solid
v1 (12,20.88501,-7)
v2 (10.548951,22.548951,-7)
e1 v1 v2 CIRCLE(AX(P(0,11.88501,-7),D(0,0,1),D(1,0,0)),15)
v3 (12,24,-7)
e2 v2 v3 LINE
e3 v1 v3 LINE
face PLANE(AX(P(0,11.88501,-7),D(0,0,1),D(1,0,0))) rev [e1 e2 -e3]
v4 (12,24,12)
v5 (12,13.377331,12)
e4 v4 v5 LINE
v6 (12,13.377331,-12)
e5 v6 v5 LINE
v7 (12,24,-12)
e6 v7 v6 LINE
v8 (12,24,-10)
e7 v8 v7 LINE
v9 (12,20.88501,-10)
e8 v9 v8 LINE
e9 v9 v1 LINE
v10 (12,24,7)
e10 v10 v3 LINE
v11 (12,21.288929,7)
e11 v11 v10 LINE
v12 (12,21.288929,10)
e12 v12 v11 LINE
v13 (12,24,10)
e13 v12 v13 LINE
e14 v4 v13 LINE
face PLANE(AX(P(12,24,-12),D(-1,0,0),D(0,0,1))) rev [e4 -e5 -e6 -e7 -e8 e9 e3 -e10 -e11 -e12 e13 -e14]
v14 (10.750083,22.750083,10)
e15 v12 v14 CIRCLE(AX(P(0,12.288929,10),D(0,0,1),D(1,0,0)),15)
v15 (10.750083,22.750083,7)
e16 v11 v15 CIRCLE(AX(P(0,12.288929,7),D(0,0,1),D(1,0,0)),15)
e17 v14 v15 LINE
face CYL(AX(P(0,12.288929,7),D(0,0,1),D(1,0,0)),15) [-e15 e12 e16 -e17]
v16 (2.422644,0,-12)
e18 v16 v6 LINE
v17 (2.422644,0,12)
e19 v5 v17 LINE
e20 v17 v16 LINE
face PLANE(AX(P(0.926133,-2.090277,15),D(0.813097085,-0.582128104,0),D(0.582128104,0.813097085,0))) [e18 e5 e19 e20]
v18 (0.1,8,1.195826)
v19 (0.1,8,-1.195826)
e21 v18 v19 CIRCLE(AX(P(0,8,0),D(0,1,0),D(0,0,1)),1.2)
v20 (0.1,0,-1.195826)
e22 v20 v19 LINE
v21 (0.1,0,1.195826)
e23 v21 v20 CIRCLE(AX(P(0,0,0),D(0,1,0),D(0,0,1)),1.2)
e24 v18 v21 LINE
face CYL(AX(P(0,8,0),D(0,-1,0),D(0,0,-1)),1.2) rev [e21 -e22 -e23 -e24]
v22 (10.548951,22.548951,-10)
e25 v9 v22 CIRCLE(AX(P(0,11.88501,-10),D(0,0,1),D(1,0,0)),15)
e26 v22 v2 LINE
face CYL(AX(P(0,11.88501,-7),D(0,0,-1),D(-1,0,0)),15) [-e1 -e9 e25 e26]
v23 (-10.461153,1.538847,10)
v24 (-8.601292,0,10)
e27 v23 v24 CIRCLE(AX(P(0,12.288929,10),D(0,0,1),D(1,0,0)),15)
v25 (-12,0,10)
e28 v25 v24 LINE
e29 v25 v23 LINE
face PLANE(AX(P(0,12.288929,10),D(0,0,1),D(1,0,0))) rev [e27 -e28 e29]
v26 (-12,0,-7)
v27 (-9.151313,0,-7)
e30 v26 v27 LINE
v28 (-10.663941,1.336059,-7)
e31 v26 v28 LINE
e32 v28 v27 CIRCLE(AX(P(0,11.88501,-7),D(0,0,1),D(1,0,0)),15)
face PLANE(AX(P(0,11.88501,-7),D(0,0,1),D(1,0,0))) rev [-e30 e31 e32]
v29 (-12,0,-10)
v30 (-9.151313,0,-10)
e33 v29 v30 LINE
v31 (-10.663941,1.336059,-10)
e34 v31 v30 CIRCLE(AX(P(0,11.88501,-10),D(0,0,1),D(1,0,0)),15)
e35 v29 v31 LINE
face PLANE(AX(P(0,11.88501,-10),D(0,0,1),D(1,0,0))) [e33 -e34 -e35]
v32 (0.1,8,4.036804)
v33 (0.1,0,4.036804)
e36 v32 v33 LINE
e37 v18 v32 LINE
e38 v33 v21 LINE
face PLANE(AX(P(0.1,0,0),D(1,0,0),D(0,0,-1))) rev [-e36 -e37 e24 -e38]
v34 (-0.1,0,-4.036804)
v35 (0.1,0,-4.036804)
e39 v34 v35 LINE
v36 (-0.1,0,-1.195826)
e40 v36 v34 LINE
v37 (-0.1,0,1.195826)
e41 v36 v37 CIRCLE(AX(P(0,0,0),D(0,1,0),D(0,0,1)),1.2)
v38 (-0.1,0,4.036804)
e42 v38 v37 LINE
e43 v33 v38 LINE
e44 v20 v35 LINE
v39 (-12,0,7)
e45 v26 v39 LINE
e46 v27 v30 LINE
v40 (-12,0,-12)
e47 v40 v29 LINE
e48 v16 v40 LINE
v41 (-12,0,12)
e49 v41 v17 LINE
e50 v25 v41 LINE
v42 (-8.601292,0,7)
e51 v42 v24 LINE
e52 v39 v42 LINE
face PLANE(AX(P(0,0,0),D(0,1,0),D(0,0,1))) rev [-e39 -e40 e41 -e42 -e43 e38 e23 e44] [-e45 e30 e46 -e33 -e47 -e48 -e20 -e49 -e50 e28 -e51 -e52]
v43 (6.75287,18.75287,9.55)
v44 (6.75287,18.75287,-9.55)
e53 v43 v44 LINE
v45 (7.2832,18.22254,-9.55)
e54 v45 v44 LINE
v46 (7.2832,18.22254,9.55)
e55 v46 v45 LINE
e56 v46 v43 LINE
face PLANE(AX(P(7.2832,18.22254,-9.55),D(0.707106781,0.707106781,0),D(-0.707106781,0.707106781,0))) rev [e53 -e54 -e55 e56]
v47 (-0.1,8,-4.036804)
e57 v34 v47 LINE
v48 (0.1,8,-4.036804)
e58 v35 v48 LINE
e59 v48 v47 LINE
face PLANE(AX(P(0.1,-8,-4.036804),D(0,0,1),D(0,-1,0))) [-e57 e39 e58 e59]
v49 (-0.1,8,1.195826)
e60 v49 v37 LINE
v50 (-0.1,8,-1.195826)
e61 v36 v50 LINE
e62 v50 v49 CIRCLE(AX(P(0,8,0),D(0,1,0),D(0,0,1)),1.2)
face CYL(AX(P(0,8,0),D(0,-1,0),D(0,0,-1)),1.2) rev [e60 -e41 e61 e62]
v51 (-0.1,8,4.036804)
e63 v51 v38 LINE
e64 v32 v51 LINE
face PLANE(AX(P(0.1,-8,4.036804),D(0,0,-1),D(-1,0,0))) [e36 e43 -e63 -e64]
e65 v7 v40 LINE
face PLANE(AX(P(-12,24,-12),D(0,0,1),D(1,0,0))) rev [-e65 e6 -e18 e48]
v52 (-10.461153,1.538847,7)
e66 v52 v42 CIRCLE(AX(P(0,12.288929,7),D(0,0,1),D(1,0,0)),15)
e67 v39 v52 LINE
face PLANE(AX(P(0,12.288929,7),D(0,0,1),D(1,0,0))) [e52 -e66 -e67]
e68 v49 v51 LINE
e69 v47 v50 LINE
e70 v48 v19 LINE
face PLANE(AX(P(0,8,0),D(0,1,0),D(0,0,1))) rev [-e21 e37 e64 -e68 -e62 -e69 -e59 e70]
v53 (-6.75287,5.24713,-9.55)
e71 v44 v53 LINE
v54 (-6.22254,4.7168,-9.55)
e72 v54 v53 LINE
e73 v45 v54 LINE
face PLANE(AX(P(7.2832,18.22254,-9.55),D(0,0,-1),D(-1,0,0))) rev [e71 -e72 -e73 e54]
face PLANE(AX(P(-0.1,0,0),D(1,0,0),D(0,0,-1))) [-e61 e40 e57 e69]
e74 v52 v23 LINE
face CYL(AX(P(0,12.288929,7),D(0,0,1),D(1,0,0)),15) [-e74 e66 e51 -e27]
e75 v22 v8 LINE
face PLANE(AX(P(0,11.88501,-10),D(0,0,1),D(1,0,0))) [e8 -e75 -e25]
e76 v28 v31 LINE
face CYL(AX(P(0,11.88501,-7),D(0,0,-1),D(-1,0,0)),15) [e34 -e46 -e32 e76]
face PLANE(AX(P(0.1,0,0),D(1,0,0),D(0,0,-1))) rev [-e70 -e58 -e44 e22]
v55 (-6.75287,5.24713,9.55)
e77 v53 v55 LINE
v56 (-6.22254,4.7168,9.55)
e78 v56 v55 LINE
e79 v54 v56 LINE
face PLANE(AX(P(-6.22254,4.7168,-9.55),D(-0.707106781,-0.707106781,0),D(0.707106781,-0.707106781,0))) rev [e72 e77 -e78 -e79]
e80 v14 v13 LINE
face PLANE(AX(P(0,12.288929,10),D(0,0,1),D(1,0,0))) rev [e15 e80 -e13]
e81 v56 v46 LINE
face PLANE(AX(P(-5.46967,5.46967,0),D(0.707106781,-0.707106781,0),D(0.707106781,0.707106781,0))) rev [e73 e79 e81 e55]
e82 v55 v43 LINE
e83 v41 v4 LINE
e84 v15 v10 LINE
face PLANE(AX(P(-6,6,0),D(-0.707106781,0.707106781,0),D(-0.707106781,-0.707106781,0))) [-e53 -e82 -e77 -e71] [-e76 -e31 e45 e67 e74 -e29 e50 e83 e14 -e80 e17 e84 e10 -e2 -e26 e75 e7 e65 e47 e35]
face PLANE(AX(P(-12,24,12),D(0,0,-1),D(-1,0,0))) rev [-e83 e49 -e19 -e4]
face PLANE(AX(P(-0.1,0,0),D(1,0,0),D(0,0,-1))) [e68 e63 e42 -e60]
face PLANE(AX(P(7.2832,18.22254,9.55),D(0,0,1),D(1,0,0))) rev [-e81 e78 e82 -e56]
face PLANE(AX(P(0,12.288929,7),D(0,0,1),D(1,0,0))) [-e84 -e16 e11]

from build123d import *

# Parameters (mm, degrees)
SKETCH_1_W               = 24
SKETCH_1_H               = 24
EXTRUDE_1_DEPTH          = 24
SKETCH_2_W               = 71.732005
SKETCH_2_H               = 64.325513166
CUT_EXTRUDE_1_DEPTH      = 24
SKETCH_3_W               = 19.1
SKETCH_3_H               = 19.1
CUT_EXTRUDE_2_DEPTH      = 0.75
SKETCH_4_R               = 20.316156742
SKETCH_4_R_2             = 15
CUT_EXTRUDE_3_DEPTH      = 3
SKETCH_5_R               = 19.778815759
SKETCH_5_R_2             = 15
CUT_EXTRUDE_4_DEPTH      = 3
SKETCH_6_R               = 1.2
CUT_EXTRUDE_5_DEPTH      = 8
CUT_EXTRUDE_6_DEPTH      = 0.1
CUT_EXTRUDE_6_DEPTH_BACK = 0.1
SKETCH_7_W               = 8.073607186
SKETCH_7_H               = 16
CUT_EXTRUDE_7_DEPTH      = 15
CUT_EXTRUDE_7_DEPTH_BACK = 15


with BuildPart() as part:
    # Эскиз1 → Бобышка-Вытянуть1 (new body)
    with BuildSketch(Plane(origin=(0, 0, 0), x_dir=(1, 0, 0), z_dir=(0, 1, 0))):
        Rectangle(SKETCH_1_W, SKETCH_1_H)
    extrude(amount=EXTRUDE_1_DEPTH)

    # Эскиз2 → Вырез-Вытянуть1 (cut)
    with BuildSketch(Plane(origin=(-6, 6, 0), x_dir=(0.7071067811865477, 0.7071067811865475, 0), z_dir=(-0.7071067811865475, 0.7071067811865477, 0))):
        Rectangle(SKETCH_2_W, SKETCH_2_H)
    extrude(amount=CUT_EXTRUDE_1_DEPTH, mode=Mode.SUBTRACT)

    # Эскиз3 → Вырез-Вытянуть2 (cut)
    with BuildSketch(Plane(origin=(-6, 6, 0), x_dir=(0.7071067811865476, 0.7071067811865476, 0), z_dir=(-0.7071067811865476, 0.7071067811865476, 0))):
        with Locations((8.485281374, 0)):
            Rectangle(SKETCH_3_W, SKETCH_3_H)
    extrude(amount=-CUT_EXTRUDE_2_DEPTH, mode=Mode.SUBTRACT)

    # Эскиз4 → Вырез-Вытянуть3 (cut)
    with BuildSketch(Plane.XY.offset(10)):
        with Locations((0, 12.288929334)):
            Circle(SKETCH_4_R)
        with Locations((0, 12.288929334)):
            Circle(SKETCH_4_R_2, mode=Mode.SUBTRACT)
    extrude(amount=-CUT_EXTRUDE_3_DEPTH, mode=Mode.SUBTRACT)

    # Эскиз5 → Вырез-Вытянуть4 (cut)
    with BuildSketch(Plane.XY.offset(-10)):
        with Locations((0, 11.885010241)):
            Circle(SKETCH_5_R)
        with Locations((0, 11.885010241)):
            Circle(SKETCH_5_R_2, mode=Mode.SUBTRACT)
    extrude(amount=CUT_EXTRUDE_4_DEPTH, mode=Mode.SUBTRACT)

    # Эскиз6 → Вырез-Вытянуть5 (cut)
    with BuildSketch(Plane(origin=(0, 0, 0), x_dir=(1, 0, 0), z_dir=(0, 1, 0))):
        Circle(SKETCH_6_R)
    extrude(amount=CUT_EXTRUDE_5_DEPTH, mode=Mode.SUBTRACT)

    # Эскиз7 → Вырез-Вытянуть6 (cut, two sides: drawn at the far end of the back side and taken through both)
    with BuildSketch(Plane(origin=(0, 0, 0), x_dir=(0, 0, -1), z_dir=(1, 0, 0)).offset(-CUT_EXTRUDE_6_DEPTH_BACK)):
        Rectangle(SKETCH_7_W, SKETCH_7_H)
    extrude(amount=CUT_EXTRUDE_6_DEPTH + CUT_EXTRUDE_6_DEPTH_BACK, mode=Mode.SUBTRACT)

    # Эскиз8 → Вырез-Вытянуть7 (cut, two sides: drawn at the far end of the back side and taken through both)
    with BuildSketch(Plane.XY.offset(-CUT_EXTRUDE_7_DEPTH_BACK)):
        Polygon((0.926133031, -2.090276762), (18.080980338, 21.871040762), (23.544619253, -7.469690988), align=None)
    extrude(amount=CUT_EXTRUDE_7_DEPTH + CUT_EXTRUDE_7_DEPTH_BACK, mode=Mode.SUBTRACT)


solid = part.part
